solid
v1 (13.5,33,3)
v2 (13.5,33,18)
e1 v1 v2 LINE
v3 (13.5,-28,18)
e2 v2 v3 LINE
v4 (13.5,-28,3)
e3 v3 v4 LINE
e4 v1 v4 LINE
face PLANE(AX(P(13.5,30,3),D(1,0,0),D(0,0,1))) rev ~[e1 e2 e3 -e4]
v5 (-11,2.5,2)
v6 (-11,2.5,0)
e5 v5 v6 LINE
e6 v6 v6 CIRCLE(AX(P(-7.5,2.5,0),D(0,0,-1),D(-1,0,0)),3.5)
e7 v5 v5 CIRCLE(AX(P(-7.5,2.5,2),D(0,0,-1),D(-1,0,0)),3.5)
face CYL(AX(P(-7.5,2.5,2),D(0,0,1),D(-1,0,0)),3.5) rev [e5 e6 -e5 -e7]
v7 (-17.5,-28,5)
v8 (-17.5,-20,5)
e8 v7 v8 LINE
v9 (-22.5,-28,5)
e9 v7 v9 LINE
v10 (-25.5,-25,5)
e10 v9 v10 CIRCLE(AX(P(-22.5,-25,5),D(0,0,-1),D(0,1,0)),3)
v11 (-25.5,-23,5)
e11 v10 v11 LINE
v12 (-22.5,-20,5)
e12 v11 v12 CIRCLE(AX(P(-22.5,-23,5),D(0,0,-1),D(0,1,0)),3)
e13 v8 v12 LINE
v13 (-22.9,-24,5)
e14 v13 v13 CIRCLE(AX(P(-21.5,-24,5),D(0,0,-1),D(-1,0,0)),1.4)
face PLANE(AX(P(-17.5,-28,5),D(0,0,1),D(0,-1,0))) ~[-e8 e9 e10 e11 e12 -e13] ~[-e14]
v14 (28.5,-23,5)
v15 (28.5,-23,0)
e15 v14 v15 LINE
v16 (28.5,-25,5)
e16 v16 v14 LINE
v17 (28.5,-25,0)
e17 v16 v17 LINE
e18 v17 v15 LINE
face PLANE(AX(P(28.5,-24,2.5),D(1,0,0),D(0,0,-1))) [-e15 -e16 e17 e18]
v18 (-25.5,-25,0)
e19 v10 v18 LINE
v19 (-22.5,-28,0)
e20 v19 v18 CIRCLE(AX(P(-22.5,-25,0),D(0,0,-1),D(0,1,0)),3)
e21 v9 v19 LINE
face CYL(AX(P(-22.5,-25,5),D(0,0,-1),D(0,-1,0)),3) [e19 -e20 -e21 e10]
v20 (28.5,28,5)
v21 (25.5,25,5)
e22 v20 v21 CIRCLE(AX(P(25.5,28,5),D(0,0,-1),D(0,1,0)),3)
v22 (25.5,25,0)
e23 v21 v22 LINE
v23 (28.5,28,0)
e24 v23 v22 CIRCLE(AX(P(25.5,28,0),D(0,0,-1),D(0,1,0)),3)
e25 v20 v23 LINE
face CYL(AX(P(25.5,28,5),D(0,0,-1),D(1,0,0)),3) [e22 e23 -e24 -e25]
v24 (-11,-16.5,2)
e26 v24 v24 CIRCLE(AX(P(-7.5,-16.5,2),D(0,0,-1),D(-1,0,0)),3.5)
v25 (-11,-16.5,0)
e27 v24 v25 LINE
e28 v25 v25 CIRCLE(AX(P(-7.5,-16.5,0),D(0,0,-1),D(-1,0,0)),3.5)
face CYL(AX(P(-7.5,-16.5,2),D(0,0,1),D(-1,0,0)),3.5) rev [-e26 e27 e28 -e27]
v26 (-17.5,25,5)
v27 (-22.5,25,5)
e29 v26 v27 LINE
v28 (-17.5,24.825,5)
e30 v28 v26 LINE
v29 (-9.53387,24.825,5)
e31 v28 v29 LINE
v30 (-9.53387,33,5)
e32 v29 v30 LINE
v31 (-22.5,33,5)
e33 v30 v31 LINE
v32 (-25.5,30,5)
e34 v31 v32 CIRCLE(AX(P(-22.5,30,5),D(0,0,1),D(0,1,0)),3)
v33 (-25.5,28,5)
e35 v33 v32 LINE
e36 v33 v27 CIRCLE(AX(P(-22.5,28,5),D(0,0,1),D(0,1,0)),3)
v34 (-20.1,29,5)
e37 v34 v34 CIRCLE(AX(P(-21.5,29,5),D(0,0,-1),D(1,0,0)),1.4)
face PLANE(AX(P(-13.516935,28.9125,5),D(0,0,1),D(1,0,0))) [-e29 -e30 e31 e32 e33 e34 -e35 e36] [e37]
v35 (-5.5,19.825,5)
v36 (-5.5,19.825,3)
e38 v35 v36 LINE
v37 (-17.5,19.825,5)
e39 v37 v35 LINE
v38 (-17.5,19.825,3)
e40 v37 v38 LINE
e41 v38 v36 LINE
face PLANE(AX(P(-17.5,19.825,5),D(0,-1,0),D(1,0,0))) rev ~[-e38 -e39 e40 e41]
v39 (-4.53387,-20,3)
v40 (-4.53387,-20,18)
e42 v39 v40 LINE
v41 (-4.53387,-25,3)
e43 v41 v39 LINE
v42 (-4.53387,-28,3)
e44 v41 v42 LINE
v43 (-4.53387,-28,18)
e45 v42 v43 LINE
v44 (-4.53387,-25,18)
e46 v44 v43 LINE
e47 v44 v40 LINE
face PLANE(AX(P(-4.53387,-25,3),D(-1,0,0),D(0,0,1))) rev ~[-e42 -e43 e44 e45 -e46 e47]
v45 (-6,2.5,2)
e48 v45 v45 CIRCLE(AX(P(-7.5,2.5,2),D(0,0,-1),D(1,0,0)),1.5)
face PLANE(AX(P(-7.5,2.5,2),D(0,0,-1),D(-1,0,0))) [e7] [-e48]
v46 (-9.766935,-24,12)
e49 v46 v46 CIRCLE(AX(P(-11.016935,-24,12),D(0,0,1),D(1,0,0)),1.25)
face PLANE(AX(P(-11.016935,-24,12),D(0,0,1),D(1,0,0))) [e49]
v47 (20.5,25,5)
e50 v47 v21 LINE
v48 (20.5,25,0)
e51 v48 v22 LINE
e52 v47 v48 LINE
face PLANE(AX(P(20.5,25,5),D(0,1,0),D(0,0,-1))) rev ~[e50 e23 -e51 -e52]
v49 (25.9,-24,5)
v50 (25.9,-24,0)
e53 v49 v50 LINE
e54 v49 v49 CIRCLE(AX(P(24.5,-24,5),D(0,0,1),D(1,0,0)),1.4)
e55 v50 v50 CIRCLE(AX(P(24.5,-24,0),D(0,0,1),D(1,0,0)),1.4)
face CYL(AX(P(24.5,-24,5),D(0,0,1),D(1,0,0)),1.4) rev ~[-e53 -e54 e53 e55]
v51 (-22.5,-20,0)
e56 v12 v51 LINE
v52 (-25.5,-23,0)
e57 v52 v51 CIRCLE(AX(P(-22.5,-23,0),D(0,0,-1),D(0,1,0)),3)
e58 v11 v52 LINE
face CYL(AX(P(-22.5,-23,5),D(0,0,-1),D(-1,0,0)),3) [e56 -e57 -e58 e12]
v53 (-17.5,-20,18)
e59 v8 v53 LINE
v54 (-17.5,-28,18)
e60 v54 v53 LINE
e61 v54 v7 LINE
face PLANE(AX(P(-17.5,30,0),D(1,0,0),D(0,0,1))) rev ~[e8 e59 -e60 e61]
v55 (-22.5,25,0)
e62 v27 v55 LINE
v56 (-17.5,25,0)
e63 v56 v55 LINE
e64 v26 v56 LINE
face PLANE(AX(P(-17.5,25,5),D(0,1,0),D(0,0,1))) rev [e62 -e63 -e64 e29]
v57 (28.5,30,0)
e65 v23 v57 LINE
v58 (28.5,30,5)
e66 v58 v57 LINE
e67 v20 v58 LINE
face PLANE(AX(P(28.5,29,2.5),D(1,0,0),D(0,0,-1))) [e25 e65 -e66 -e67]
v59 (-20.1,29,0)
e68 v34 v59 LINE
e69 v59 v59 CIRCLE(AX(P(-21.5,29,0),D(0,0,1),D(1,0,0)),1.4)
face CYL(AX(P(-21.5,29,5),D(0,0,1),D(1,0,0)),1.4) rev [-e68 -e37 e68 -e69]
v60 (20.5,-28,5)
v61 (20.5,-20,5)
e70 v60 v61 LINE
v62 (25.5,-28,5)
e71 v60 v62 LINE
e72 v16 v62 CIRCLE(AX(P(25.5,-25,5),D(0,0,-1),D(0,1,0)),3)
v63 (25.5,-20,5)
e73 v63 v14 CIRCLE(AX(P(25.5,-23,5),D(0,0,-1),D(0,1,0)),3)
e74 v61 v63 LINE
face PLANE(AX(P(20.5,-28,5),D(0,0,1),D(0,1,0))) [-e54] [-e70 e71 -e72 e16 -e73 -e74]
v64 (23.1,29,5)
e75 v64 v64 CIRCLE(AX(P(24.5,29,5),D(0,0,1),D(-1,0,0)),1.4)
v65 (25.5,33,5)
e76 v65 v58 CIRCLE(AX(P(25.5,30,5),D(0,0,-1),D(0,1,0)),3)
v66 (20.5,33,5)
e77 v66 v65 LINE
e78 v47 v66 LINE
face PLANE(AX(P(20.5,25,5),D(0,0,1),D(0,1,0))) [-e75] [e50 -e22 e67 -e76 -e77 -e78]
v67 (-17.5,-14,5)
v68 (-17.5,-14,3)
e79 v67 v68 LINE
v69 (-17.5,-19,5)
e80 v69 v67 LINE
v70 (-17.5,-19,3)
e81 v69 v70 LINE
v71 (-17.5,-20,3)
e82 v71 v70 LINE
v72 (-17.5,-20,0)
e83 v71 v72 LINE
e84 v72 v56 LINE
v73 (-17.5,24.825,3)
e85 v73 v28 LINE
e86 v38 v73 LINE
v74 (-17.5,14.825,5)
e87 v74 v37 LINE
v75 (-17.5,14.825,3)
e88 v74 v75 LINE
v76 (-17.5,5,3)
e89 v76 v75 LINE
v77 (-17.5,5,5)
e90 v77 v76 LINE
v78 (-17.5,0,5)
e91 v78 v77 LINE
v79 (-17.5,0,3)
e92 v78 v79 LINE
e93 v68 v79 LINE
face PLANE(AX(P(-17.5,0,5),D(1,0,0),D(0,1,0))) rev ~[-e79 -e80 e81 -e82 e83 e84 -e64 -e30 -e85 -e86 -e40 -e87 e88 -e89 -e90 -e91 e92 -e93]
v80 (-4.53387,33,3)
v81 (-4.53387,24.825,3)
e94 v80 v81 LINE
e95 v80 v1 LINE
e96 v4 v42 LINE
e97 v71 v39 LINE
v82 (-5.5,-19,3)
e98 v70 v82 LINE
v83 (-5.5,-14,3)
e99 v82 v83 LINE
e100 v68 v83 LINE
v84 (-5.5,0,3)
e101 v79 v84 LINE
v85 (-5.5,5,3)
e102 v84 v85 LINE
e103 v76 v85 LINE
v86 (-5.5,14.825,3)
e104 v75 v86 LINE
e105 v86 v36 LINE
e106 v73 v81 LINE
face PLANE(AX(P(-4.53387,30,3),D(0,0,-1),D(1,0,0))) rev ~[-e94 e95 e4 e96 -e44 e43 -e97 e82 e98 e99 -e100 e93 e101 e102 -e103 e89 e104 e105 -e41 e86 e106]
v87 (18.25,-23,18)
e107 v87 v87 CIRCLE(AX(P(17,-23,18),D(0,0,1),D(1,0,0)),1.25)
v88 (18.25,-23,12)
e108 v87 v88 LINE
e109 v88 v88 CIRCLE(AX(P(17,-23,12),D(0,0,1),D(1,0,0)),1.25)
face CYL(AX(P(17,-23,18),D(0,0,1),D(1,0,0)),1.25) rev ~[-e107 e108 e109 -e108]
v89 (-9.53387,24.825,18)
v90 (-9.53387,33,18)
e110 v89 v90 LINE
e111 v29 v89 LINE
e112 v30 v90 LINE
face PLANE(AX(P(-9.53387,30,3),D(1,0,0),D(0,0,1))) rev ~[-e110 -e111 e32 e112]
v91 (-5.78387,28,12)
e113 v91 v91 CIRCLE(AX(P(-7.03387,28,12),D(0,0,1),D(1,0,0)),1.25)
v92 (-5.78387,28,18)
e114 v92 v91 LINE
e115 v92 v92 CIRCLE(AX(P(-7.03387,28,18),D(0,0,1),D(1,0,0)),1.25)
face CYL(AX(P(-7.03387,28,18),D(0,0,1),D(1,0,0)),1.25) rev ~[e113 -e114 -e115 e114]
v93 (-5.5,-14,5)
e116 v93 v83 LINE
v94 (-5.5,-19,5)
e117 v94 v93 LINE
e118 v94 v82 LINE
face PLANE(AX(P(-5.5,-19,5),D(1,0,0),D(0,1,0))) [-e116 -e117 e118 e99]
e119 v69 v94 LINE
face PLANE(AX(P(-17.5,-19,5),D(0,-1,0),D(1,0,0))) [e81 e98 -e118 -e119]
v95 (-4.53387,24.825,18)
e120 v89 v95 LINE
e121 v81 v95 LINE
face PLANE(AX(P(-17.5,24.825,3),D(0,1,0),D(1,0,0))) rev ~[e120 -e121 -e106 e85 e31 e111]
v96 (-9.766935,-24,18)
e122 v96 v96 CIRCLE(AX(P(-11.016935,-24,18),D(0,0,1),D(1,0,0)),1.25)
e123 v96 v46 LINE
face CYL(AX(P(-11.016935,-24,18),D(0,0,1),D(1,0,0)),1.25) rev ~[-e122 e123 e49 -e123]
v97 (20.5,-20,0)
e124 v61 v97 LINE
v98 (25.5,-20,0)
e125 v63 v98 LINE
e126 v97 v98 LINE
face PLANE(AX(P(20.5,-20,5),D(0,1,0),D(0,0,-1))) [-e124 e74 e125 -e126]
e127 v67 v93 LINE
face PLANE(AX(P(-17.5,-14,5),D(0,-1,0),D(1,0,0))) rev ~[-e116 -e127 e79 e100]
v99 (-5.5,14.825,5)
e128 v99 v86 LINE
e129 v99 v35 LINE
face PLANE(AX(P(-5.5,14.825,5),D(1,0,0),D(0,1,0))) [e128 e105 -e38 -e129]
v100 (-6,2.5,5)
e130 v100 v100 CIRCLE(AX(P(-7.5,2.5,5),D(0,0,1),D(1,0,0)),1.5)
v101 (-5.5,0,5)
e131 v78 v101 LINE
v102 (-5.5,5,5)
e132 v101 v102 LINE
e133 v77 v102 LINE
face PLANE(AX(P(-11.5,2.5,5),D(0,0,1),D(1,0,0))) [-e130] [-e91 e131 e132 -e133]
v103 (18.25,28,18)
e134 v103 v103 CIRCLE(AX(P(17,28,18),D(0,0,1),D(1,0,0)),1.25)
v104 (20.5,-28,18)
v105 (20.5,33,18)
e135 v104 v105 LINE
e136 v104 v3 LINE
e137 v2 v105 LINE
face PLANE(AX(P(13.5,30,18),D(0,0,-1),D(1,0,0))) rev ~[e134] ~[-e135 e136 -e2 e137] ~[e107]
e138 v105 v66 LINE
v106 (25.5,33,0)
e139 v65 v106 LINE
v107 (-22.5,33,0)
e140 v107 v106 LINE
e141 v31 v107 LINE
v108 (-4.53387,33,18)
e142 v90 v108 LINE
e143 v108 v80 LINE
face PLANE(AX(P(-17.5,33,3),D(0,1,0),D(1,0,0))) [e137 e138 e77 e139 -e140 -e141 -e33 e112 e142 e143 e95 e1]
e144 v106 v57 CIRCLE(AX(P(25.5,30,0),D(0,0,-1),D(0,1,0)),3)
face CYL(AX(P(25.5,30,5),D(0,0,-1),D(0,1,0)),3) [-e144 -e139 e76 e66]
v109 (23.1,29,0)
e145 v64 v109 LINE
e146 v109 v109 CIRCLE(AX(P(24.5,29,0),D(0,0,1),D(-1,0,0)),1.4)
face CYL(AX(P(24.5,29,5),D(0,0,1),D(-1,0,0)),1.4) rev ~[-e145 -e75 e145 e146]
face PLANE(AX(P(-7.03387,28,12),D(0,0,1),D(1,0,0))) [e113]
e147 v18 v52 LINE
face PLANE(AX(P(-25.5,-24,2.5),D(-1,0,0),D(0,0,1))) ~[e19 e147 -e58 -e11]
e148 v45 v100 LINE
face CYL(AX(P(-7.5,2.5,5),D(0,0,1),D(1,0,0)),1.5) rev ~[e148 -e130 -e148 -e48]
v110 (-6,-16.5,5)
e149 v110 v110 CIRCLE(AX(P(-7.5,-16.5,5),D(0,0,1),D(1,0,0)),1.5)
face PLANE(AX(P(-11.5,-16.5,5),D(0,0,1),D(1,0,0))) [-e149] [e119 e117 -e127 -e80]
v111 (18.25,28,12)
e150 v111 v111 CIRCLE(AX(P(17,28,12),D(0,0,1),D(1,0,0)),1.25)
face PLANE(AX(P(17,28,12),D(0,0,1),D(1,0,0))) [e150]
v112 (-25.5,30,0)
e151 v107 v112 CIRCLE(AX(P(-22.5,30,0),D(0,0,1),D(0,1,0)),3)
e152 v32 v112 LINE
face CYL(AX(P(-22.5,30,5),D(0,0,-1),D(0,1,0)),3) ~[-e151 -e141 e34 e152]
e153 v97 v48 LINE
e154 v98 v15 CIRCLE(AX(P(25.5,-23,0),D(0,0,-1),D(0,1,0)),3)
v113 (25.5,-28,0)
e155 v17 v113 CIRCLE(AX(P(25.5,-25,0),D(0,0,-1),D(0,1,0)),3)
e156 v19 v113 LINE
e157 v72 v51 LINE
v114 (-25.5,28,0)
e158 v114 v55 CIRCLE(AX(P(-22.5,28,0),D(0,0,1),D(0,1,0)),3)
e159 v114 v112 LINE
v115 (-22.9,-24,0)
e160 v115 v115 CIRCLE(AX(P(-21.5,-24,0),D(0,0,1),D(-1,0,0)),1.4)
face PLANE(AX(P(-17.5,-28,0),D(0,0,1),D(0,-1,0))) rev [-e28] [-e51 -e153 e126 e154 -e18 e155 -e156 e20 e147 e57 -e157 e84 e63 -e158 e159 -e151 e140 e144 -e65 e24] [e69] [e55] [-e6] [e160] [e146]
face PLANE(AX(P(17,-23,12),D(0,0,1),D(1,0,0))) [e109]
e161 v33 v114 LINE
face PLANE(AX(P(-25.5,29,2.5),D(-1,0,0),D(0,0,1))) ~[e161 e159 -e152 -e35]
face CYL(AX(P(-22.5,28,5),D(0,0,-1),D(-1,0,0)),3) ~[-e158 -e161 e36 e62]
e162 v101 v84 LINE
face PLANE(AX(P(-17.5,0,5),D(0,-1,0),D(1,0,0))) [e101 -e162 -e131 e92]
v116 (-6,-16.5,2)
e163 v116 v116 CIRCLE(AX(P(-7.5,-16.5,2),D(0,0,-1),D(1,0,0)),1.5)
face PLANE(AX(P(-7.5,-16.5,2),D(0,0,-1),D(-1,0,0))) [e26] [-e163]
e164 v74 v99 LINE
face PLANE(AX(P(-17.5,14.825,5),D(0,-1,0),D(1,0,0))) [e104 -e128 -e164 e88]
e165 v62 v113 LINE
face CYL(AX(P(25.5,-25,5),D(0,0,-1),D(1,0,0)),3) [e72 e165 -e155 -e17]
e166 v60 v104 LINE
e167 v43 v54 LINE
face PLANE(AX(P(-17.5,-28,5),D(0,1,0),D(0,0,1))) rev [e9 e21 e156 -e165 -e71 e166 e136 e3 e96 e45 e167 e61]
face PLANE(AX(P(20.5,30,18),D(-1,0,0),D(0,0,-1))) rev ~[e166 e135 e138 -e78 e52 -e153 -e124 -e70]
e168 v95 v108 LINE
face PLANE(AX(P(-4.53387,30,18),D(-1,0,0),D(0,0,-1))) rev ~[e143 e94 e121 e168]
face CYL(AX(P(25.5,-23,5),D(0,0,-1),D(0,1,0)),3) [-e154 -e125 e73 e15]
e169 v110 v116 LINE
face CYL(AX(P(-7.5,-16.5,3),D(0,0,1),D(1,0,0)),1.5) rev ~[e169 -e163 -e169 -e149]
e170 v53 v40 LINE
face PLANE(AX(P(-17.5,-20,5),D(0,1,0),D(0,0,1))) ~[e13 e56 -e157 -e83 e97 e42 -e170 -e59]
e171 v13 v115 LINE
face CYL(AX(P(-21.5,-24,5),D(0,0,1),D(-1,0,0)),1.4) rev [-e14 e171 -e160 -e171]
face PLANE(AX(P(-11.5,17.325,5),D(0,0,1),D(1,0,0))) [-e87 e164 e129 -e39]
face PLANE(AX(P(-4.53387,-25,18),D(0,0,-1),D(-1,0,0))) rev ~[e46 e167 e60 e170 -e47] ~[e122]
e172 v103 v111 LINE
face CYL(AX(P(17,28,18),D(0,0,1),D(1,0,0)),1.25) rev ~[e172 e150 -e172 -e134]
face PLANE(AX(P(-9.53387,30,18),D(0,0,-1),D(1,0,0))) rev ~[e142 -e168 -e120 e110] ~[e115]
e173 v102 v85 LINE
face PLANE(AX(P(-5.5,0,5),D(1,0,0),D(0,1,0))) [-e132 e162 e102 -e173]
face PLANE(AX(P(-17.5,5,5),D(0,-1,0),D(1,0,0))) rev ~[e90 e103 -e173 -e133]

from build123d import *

# Parameters (mm, degrees)
ESQUISSE1_W             = 35
ESQUISSE1_H             = 40
BOSS_EXTRU_1_DEPTH      = 3
ESQUISSE2_R             = 2.013179567
ESQUISSE2_R_2           = 1.5
ENL_V_MAT_EXTRU_1_DEPTH = 10
ESQUISSE3_W             = 35
ESQUISSE3_H             = 3
BOSS_EXTRU_2_DEPTH      = 5
ESQUISSE4_W             = 4
ESQUISSE4_H             = 45
ESQUISSE4_W_2           = 12.966129595
ESQUISSE4_H_2           = 5
BOSS_EXTRU_3_DEPTH      = 15
BOSS_EXTRU_4_DEPTH      = 10
ESQUISSE6_W             = 5
ESQUISSE6_H             = 5.175
BOSS_EXTRU_5_DEPTH      = 15
ESQUISSE7_W             = 18
ESQUISSE7_H             = 55
BOSS_EXTRU_6_DEPTH      = 3
BOSS_EXTRU_7_DEPTH      = 3
BOSS_EXTRU_8_DEPTH      = 3
ESQUISSE10_R            = 1.25
ENL_V_MAT_EXTRU_2_DEPTH = 6
ESQUISSE11_W            = 5
ESQUISSE11_H            = 8
BOSS_EXTRU_9_DEPTH      = 8
ESQUISSE12_R            = 1.4
ENL_V_MAT_EXTRU_3_DEPTH = 8
ESQUISSE13_W            = 7.966129595
ESQUISSE13_H            = 8.175
BOSS_EXTRU_10_DEPTH     = 2
BOSS_EXTRU_12_START     = 2
ESQUISSE14_W            = 12
ESQUISSE14_H            = 5
ESQUISSE14_R            = 1.5
BOSS_EXTRU_12_DEPTH     = 2
CONG_1_R                = 3
ENL_V_START             = -2
ESQUISSE15_R            = 3.5
ESQUISSE15_R_2          = 1.5
ENL_V_MAT_EXTRU_4_DEPTH = 2


with BuildPart() as part:
    # Esquisse1 → Boss.-Extru.1 (new body)
    with BuildSketch(Plane.XY):
        Rectangle(ESQUISSE1_W, ESQUISSE1_H)
    extrude(amount=BOSS_EXTRU_1_DEPTH)

    # Esquisse2 → Enlèv. mat.-Extru.1 (cut)
    with BuildSketch(Plane.XY.offset(3)):
        with Locations((-7.5, 634.376711736)):
            Circle(ESQUISSE2_R)
        with Locations((-7.023580812, 615.376711736)):
            Circle(ESQUISSE2_R)
        with Locations((-7.5, 2.5)):
            Circle(ESQUISSE2_R_2)
        with Locations((-7.5, -16.5)):
            Circle(ESQUISSE2_R_2)
    extrude(amount=-ENL_V_MAT_EXTRU_1_DEPTH, mode=Mode.SUBTRACT)

    # Esquisse3 → Boss.-Extru.2 (add)
    with BuildSketch(Plane.XZ.offset(20)):
        with Locations((0, 1.5)):
            Rectangle(ESQUISSE3_W, ESQUISSE3_H)
    extrude(amount=BOSS_EXTRU_2_DEPTH)

    # Esquisse4 → Boss.-Extru.3 (add)
    with BuildSketch(Plane.XY.offset(3)):
        with Locations((15.5, -2.5)):
            Rectangle(ESQUISSE4_W, ESQUISSE4_H)
        with Locations((-11.016935203, -22.5)):
            Rectangle(ESQUISSE4_W_2, ESQUISSE4_H_2)
    extrude(amount=BOSS_EXTRU_3_DEPTH)

    # Esquisse5 → Boss.-Extru.4 (add)
    with BuildSketch(Plane(origin=(0, 20, 0), x_dir=(1, 0, 0), z_dir=(0, 1, 0))):
        Polygon((17.5, 0), (-17.5, 0), (-17.5, -3), (13.5, -3), (13.5, -18), (17.5, -18), align=None)
    extrude(amount=BOSS_EXTRU_4_DEPTH)

    # Esquisse6 → Boss.-Extru.5 (add)
    with BuildSketch(Plane.XY.offset(3)):
        with Locations((-7.033870405, 27.4125)):
            Rectangle(ESQUISSE6_W, ESQUISSE6_H)
    extrude(amount=BOSS_EXTRU_5_DEPTH)

    # Esquisse7 → Boss.-Extru.6 (add)
    with BuildSketch(Plane(origin=(17.5, 0, 0), x_dir=(0, 0, -1), z_dir=(1, 0, 0))):
        with Locations((-9, 2.5)):
            Rectangle(ESQUISSE7_W, ESQUISSE7_H)
    extrude(amount=BOSS_EXTRU_6_DEPTH)

    # Esquisse8 → Boss.-Extru.7 (add)
    with BuildSketch(Plane.XZ.offset(25)):
        Polygon((-17.5, 18), (-17.5, 0), (20.5, 0), (20.5, 18), (13.5, 18), (13.5, 3), (-4.533870405, 3), (-4.533870405, 18), align=None)
    extrude(amount=BOSS_EXTRU_7_DEPTH)

    # Esquisse9 → Boss.-Extru.8 (add)
    with BuildSketch(Plane(origin=(0, 30, 0), x_dir=(1, 0, 0), z_dir=(0, 1, 0))):
        Polygon((13.5, -18), (20.5, -18), (20.5, 0), (-17.5, 0), (-17.5, -3), (-9.533870405, -3), (-9.533870405, -18), (-4.533870405, -18), (-4.533870405, -3), (13.5, -3), align=None)
    extrude(amount=BOSS_EXTRU_8_DEPTH)

    # Esquisse10 → Enlèv. mat.-Extru.2 (cut)
    with BuildSketch(Plane.XY.offset(18)):
        with Locations((17, -23)):
            Circle(ESQUISSE10_R)
        with Locations((17, 28)):
            Circle(ESQUISSE10_R)
        with Locations((-11.016935202, -24)):
            Circle(ESQUISSE10_R)
        with Locations((-7.033870405, 28)):
            Circle(ESQUISSE10_R)
    extrude(amount=-ENL_V_MAT_EXTRU_2_DEPTH, mode=Mode.SUBTRACT)

    # Esquisse11 → Boss.-Extru.9 (add)
    with BuildSketch(Plane(origin=(20.5, 0, 0), x_dir=(0, 0, -1), z_dir=(1, 0, 0))):
        with Locations((-2.5, -24)):
            Rectangle(ESQUISSE11_W, ESQUISSE11_H)
        with Locations((-2.5, 29)):
            Rectangle(ESQUISSE11_W, ESQUISSE11_H)
    boss_extru_9 = extrude(amount=BOSS_EXTRU_9_DEPTH)

    # Esquisse12 → Enlèv. mat.-Extru.3 (cut)
    with BuildSketch(Plane.XY.offset(5)):
        with Locations((24.5, -24)):
            Circle(ESQUISSE12_R)
        with Locations(Location((24.5, 29, 0), (0, 0, 180))):
            Circle(ESQUISSE12_R)
    enl_v_mat_extru_3 = extrude(amount=-ENL_V_MAT_EXTRU_3_DEPTH, mode=Mode.SUBTRACT)

    # Symétrie1: Boss.-Extru.9, Enlèv. mat.-Extru.3 across plane
    add(boss_extru_9.mirror(Plane(origin=(1.5, 0, 0), x_dir=(0, 0, 1), z_dir=(1, 0, 0))))
    add(enl_v_mat_extru_3.mirror(Plane(origin=(1.5, 0, 0), x_dir=(0, 0, 1), z_dir=(1, 0, 0))), mode=Mode.SUBTRACT)

    # Esquisse13 → Boss.-Extru.10 (add)
    with BuildSketch(Plane.XY.offset(3)):
        with Locations((-13.516935203, 28.9125)):
            Rectangle(ESQUISSE13_W, ESQUISSE13_H)
    extrude(amount=BOSS_EXTRU_10_DEPTH)

    # Esquisse14 → Boss.-Extru.12 (add)
    # profile 1 of 3: a face of its own
    with BuildSketch(Plane.XY.offset(3).offset(BOSS_EXTRU_12_START)):
        with Locations((-11.5, 17.325)):
            Rectangle(ESQUISSE14_W, ESQUISSE14_H)
    # profile 2 of 3: a face of its own
    with BuildSketch(Plane.XY.offset(3).offset(BOSS_EXTRU_12_START)):
        with Locations((-11.5, 2.5)):
            Rectangle(ESQUISSE14_W, ESQUISSE14_H)
        with Locations((-7.5, 2.5)):
            Circle(ESQUISSE14_R, mode=Mode.SUBTRACT)
    # profile 3 of 3: a face of its own
    with BuildSketch(Plane.XY.offset(3).offset(BOSS_EXTRU_12_START)):
        with Locations((-11.5, -16.5)):
            Rectangle(ESQUISSE14_W, ESQUISSE14_H)
        with Locations((-7.5, -16.5)):
            Circle(ESQUISSE14_R, mode=Mode.SUBTRACT)
    extrude(amount=-BOSS_EXTRU_12_DEPTH)

    # Congé1
    cong_1_edges = [part.edges().sort_by_distance(p)[0] for p in [
        (-25.5, 33, 2.5),
        (-25.5, 25, 2.5),
        (-25.5, -28, 2.5),
        (-25.5, -20, 2.5),
        (28.5, 33, 2.5),
        (28.5, 25, 2.5),
        (28.5, -20, 2.5),
        (28.5, -28, 2.5),
    ]]
    fillet(cong_1_edges, radius=CONG_1_R)

    # Esquisse15 → Enlèv. mat.-Extru.4 (cut)
    # profile 1 of 2: a face of its own
    with BuildSketch(Plane(origin=(0, 0, 0), x_dir=(-1, 0, 0), z_dir=(0, 0, -1)).offset(ENL_V_START)):
        with Locations((7.5, 2.5)):
            Circle(ESQUISSE15_R)
        with Locations(Location((7.5, 2.5, 0), (0, 0, 180))):
            Circle(ESQUISSE15_R_2, mode=Mode.SUBTRACT)
    # profile 2 of 2: a face of its own
    with BuildSketch(Plane(origin=(0, 0, 0), x_dir=(-1, 0, 0), z_dir=(0, 0, -1)).offset(ENL_V_START)):
        with Locations((7.5, -16.5)):
            Circle(ESQUISSE15_R)
        with Locations(Location((7.5, -16.5, 0), (0, 0, 180))):
            Circle(ESQUISSE15_R_2, mode=Mode.SUBTRACT)
    extrude(amount=ENL_V_MAT_EXTRU_4_DEPTH, mode=Mode.SUBTRACT)


solid = part.part
